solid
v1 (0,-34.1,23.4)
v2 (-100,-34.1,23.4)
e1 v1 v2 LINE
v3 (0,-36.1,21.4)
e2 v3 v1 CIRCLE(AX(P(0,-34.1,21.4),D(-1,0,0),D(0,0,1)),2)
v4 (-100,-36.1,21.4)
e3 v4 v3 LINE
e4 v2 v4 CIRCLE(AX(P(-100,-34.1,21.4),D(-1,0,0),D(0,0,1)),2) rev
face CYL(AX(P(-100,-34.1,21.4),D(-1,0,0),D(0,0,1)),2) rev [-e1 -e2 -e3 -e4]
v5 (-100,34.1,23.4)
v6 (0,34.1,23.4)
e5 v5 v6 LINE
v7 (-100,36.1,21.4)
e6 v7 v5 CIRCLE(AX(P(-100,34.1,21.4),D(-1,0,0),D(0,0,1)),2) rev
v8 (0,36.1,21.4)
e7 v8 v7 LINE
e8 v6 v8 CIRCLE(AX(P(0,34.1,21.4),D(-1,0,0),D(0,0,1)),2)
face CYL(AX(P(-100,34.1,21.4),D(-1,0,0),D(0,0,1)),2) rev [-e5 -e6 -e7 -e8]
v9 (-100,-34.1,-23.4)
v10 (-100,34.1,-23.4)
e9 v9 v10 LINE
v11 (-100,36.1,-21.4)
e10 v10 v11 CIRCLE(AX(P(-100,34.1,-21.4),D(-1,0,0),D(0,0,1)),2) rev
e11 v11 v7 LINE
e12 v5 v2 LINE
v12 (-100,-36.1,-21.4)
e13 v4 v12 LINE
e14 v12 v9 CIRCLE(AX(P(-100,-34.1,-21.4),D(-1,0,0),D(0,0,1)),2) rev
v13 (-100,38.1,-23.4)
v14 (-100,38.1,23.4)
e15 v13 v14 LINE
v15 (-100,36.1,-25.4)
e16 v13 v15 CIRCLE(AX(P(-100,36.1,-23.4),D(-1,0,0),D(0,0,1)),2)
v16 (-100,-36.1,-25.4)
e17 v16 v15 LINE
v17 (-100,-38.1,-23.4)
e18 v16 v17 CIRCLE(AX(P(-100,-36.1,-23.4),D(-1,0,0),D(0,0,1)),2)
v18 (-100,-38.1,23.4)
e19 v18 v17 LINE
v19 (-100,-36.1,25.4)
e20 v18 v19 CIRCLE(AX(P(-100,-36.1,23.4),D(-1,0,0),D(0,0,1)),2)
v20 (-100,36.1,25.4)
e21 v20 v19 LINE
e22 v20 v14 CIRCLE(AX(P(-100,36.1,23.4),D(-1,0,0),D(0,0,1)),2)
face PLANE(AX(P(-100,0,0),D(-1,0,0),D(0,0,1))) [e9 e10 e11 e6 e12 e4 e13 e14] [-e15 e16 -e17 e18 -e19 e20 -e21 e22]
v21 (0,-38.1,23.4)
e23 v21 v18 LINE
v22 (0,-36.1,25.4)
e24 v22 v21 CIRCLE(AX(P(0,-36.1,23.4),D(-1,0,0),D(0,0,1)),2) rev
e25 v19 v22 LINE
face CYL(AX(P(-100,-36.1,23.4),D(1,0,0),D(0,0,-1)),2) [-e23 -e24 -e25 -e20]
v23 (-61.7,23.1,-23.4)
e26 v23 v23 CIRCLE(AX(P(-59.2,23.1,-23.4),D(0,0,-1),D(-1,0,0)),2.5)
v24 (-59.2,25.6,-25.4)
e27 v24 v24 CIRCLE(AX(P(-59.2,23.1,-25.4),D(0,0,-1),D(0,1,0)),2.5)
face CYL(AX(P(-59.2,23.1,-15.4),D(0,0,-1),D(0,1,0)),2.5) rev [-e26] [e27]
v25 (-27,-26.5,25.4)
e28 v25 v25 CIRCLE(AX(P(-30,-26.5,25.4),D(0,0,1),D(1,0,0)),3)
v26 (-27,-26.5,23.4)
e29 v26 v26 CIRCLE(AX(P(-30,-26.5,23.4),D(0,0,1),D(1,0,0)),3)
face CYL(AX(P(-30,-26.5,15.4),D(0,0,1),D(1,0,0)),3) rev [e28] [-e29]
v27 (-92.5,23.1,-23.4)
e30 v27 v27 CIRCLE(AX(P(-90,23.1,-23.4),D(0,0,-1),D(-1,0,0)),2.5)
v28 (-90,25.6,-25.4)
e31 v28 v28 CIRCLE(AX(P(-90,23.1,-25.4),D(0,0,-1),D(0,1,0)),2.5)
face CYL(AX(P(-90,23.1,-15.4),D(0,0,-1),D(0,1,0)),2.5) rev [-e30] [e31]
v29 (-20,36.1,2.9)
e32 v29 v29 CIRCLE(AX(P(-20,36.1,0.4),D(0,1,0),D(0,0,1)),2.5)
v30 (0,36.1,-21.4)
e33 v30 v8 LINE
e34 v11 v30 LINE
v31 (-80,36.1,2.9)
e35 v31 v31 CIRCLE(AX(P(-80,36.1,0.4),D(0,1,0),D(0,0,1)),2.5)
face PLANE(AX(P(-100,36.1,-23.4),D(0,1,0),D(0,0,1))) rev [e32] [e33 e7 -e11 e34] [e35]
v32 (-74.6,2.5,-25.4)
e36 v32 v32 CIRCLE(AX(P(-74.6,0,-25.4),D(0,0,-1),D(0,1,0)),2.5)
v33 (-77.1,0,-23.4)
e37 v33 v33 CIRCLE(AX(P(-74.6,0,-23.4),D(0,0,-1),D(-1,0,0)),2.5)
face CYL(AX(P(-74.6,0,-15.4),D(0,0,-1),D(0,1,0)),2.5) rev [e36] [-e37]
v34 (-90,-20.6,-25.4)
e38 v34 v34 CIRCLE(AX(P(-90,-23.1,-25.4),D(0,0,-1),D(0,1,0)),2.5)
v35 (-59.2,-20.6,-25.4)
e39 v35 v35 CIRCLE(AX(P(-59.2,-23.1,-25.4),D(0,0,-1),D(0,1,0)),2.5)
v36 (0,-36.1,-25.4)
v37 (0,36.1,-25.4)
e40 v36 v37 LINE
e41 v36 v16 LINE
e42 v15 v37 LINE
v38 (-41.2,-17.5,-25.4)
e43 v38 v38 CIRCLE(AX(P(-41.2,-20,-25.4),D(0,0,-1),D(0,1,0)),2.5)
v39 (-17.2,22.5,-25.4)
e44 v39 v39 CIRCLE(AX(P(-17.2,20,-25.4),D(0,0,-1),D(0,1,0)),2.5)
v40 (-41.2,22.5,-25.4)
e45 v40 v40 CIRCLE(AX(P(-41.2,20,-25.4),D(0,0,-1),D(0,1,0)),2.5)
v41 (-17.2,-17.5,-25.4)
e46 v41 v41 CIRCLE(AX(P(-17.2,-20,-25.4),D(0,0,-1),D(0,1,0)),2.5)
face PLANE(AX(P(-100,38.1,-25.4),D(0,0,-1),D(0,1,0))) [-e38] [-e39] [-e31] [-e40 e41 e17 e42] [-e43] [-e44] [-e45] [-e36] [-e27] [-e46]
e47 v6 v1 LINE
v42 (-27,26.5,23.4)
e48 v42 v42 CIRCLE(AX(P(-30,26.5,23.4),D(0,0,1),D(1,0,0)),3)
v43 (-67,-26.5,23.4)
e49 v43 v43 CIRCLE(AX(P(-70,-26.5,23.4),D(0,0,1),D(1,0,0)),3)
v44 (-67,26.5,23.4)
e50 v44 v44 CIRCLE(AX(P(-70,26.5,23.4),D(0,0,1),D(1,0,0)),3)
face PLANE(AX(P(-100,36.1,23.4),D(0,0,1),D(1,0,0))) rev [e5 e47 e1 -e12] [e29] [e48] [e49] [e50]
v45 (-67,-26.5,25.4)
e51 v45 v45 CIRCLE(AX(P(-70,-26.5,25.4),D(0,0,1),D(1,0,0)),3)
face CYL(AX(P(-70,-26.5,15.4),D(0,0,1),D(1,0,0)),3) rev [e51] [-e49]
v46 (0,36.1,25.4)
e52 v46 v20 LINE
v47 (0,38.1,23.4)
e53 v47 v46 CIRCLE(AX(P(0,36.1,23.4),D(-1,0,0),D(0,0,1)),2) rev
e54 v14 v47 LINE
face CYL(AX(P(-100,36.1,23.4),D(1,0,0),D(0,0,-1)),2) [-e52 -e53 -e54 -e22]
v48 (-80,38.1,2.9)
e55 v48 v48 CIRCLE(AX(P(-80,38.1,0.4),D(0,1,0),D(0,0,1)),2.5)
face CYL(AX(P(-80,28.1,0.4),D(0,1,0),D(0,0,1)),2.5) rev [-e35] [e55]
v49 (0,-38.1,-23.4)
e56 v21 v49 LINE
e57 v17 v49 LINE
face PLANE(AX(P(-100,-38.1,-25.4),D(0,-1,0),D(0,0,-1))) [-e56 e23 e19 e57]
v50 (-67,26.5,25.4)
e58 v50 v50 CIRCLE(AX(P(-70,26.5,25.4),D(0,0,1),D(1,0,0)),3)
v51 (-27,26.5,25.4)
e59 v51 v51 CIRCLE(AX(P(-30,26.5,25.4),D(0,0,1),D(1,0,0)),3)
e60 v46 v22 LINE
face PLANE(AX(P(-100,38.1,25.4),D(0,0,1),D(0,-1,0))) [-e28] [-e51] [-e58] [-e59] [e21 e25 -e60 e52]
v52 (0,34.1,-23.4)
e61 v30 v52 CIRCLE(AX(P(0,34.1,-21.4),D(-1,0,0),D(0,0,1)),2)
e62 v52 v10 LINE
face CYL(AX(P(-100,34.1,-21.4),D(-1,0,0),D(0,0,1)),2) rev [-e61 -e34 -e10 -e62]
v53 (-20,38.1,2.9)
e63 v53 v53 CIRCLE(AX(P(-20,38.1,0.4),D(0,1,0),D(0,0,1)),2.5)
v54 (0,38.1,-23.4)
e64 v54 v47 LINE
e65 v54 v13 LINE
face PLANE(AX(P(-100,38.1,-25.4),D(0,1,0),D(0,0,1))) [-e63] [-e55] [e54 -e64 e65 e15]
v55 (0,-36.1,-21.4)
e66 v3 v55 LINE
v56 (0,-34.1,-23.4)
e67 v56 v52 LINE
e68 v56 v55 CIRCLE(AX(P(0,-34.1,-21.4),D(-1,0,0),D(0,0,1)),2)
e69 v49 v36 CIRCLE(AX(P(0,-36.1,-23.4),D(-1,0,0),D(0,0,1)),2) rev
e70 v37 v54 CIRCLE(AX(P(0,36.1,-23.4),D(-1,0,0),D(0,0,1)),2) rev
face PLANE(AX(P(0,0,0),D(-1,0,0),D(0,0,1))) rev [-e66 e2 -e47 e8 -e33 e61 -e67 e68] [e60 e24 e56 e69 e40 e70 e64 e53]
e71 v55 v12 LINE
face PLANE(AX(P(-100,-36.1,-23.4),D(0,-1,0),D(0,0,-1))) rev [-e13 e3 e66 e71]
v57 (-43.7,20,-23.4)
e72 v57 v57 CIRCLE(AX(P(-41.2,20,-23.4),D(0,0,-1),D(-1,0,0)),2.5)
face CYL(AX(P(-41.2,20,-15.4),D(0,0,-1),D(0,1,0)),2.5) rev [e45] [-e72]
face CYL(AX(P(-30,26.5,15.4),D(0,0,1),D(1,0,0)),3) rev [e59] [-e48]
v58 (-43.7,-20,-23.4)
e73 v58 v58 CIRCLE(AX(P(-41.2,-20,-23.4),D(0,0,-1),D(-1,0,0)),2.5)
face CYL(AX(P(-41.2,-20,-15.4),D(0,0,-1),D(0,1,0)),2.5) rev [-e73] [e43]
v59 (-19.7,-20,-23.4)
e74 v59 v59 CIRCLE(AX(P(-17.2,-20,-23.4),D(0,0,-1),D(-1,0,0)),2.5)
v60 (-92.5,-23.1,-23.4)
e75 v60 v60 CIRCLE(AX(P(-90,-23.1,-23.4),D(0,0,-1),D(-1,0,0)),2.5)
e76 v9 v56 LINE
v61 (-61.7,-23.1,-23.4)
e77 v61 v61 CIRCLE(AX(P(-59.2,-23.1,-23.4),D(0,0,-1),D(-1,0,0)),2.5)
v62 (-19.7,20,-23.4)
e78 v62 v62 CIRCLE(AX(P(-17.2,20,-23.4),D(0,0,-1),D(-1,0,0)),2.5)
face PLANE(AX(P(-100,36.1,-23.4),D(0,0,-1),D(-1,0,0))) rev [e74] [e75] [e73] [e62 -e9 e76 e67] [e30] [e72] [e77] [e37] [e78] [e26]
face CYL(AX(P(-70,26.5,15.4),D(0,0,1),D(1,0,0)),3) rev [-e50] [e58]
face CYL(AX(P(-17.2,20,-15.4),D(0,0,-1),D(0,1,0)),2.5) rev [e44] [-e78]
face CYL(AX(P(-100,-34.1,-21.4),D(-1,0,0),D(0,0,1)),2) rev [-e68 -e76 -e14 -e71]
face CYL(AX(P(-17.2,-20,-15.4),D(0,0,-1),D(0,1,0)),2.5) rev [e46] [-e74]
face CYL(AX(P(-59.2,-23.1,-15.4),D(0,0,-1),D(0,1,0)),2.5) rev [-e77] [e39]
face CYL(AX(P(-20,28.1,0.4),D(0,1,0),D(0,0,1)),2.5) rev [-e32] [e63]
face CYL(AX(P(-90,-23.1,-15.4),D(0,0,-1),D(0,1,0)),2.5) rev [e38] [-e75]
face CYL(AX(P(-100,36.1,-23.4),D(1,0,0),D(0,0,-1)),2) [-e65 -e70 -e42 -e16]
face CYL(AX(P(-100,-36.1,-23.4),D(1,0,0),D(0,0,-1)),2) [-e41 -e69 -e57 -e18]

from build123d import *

# Parameters (mm, degrees)
SKETCH1_W             = 50.8
SKETCH1_H             = 76.2
BOSS_EXTRUDE1_DEPTH   = 100
SKETCH2_W             = 46.8
SKETCH2_H             = 72.2
CUT_EXTRUDE1_DEPTH    = 110.985317202
FILLET2_R             = 2
CORTAR_EXTRUIR2_DEPTH = 10
CROQUIS4_R            = 2.5
CORTAR_EXTRUIR5_DEPTH = 10
CROQUIS6_R            = 2.5
CORTAR_EXTRUIR6_DEPTH = 10
CROQUIS7_R            = 2.5
CORTAR_EXTRUIR7_DEPTH = 10


with BuildPart() as part:
    # Sketch1 → Boss-Extrude1 (new body)
    with BuildSketch(Plane(origin=(0, 0, 0), x_dir=(0, 0, -1), z_dir=(1, 0, 0))):
        Rectangle(SKETCH1_W, SKETCH1_H)
    extrude(amount=-BOSS_EXTRUDE1_DEPTH)

    # Sketch2 → Cut-Extrude1 (cut, through all)
    with BuildSketch(Plane(origin=(0, 0, 0), x_dir=(0, 0, -1), z_dir=(1, 0, 0))):
        Rectangle(SKETCH2_W, SKETCH2_H)
    extrude(amount=-CUT_EXTRUDE1_DEPTH, mode=Mode.SUBTRACT)

    # Fillet2
    fillet2_edges = [part.edges().sort_by_distance(p)[0] for p in [
        (-50, -36.1, 23.4),
        (-50, 36.1, 23.4),
        (-50, 36.1, -23.4),
        (-50, -36.1, -23.4),
        (-50, 38.1, 25.4),
        (-50, 38.1, -25.4),
        (-50, -38.1, -25.4),
        (-50, -38.1, 25.4),
    ]]
    fillet(fillet2_edges, radius=FILLET2_R)

    # Croquis2 → Cortar-Extruir2 (cut)
    with BuildSketch(Plane.XY.offset(25.4)):
        with BuildLine():
            ThreePointArc((-27, 26.5), (-30, 29.5), (-33, 26.5))
            Line((-33, 26.5), (-30, 26.5))
            Line((-30, 26.5), (-30, 23.5))
            ThreePointArc((-30, 23.5), (-27.878679656, 24.378679656), (-27, 26.5))
        make_face()
        with BuildLine():
            Line((-30, 26.5), (-33, 26.5))
            ThreePointArc((-33, 26.5), (-32.121320344, 24.378679656), (-30, 23.5))
            Line((-30, 23.5), (-30, 26.5))
        make_face()
        with BuildLine():
            ThreePointArc((-70, 23.5), (-67.878679656, 24.378679656), (-67, 26.5))
            Line((-67, 26.5), (-70, 26.5))
            Line((-70, 26.5), (-70, 23.5))
        make_face()
        with BuildLine():
            Line((-70, 26.5), (-67, 26.5))
            ThreePointArc((-67, 26.5), (-72.121320344, 28.621320344), (-70, 23.5))
            Line((-70, 23.5), (-70, 26.5))
        make_face()
        with BuildLine():
            ThreePointArc((-67, -26.5), (-67.878679656, -24.378679656), (-70, -23.5))
            Line((-70, -23.5), (-70, -26.5))
            Line((-70, -26.5), (-67, -26.5))
        make_face()
        with BuildLine():
            Line((-70, -26.5), (-70, -23.5))
            ThreePointArc((-70, -23.5), (-72.121320344, -28.621320344), (-67, -26.5))
            Line((-67, -26.5), (-70, -26.5))
        make_face()
        with BuildLine():
            ThreePointArc((-27, -26.5), (-27.878679656, -24.378679656), (-30, -23.5))
            Line((-30, -23.5), (-30, -26.5))
            Line((-30, -26.5), (-33, -26.5))
            ThreePointArc((-33, -26.5), (-30, -29.5), (-27, -26.5))
        make_face()
        with BuildLine():
            Line((-30, -26.5), (-30, -23.5))
            ThreePointArc((-30, -23.5), (-32.121320344, -24.378679656), (-33, -26.5))
            Line((-33, -26.5), (-30, -26.5))
        make_face()
    extrude(amount=-CORTAR_EXTRUIR2_DEPTH, mode=Mode.SUBTRACT)

    # Croquis4 → Cortar-Extruir5 (cut)
    with BuildSketch(Plane(origin=(0, 0, -25.4), x_dir=(-1, 0, 0), z_dir=(0, 0, -1))):
        with Locations(Location((90, 23.1, 0), (0, 0, 90))):
            Circle(CROQUIS4_R)
        with Locations(Location((59.2, 23.1, 0), (0, 0, 90))):
            Circle(CROQUIS4_R)
        with Locations(Location((59.2, -23.1, 0), (0, 0, 90))):
            Circle(CROQUIS4_R)
        with Locations(Location((90, -23.1, 0), (0, 0, 90))):
            Circle(CROQUIS4_R)
        with Locations(Location((74.6, 0, 0), (0, 0, 90))):
            Circle(CROQUIS4_R)
    extrude(amount=-CORTAR_EXTRUIR5_DEPTH, mode=Mode.SUBTRACT)

    # Croquis6 → Cortar-Extruir6 (cut)
    with BuildSketch(Plane(origin=(0, 0, -25.4), x_dir=(-1, 0, 0), z_dir=(0, 0, -1))):
        with Locations(Location((17.2, 20, 0), (0, 0, 90))):
            Circle(CROQUIS6_R)
        with Locations(Location((17.2, -20, 0), (0, 0, 90))):
            Circle(CROQUIS6_R)
        with Locations(Location((41.2, -20, 0), (0, 0, 90))):
            Circle(CROQUIS6_R)
        with Locations(Location((41.2, 20, 0), (0, 0, 90))):
            Circle(CROQUIS6_R)
    extrude(amount=-CORTAR_EXTRUIR6_DEPTH, mode=Mode.SUBTRACT)

    # Croquis7 → Cortar-Extruir7 (cut)
    with BuildSketch(Plane(origin=(0, 38.1, 0), x_dir=(1, 0, 0), z_dir=(0, 1, 0))):
        with Locations(Location((-80, -0.4, 0), (0, 0, 270))):
            Circle(CROQUIS7_R)
        with Locations(Location((-20, -0.4, 0), (0, 0, 270))):
            Circle(CROQUIS7_R)
    extrude(amount=-CORTAR_EXTRUIR7_DEPTH, mode=Mode.SUBTRACT)


solid = part.part
